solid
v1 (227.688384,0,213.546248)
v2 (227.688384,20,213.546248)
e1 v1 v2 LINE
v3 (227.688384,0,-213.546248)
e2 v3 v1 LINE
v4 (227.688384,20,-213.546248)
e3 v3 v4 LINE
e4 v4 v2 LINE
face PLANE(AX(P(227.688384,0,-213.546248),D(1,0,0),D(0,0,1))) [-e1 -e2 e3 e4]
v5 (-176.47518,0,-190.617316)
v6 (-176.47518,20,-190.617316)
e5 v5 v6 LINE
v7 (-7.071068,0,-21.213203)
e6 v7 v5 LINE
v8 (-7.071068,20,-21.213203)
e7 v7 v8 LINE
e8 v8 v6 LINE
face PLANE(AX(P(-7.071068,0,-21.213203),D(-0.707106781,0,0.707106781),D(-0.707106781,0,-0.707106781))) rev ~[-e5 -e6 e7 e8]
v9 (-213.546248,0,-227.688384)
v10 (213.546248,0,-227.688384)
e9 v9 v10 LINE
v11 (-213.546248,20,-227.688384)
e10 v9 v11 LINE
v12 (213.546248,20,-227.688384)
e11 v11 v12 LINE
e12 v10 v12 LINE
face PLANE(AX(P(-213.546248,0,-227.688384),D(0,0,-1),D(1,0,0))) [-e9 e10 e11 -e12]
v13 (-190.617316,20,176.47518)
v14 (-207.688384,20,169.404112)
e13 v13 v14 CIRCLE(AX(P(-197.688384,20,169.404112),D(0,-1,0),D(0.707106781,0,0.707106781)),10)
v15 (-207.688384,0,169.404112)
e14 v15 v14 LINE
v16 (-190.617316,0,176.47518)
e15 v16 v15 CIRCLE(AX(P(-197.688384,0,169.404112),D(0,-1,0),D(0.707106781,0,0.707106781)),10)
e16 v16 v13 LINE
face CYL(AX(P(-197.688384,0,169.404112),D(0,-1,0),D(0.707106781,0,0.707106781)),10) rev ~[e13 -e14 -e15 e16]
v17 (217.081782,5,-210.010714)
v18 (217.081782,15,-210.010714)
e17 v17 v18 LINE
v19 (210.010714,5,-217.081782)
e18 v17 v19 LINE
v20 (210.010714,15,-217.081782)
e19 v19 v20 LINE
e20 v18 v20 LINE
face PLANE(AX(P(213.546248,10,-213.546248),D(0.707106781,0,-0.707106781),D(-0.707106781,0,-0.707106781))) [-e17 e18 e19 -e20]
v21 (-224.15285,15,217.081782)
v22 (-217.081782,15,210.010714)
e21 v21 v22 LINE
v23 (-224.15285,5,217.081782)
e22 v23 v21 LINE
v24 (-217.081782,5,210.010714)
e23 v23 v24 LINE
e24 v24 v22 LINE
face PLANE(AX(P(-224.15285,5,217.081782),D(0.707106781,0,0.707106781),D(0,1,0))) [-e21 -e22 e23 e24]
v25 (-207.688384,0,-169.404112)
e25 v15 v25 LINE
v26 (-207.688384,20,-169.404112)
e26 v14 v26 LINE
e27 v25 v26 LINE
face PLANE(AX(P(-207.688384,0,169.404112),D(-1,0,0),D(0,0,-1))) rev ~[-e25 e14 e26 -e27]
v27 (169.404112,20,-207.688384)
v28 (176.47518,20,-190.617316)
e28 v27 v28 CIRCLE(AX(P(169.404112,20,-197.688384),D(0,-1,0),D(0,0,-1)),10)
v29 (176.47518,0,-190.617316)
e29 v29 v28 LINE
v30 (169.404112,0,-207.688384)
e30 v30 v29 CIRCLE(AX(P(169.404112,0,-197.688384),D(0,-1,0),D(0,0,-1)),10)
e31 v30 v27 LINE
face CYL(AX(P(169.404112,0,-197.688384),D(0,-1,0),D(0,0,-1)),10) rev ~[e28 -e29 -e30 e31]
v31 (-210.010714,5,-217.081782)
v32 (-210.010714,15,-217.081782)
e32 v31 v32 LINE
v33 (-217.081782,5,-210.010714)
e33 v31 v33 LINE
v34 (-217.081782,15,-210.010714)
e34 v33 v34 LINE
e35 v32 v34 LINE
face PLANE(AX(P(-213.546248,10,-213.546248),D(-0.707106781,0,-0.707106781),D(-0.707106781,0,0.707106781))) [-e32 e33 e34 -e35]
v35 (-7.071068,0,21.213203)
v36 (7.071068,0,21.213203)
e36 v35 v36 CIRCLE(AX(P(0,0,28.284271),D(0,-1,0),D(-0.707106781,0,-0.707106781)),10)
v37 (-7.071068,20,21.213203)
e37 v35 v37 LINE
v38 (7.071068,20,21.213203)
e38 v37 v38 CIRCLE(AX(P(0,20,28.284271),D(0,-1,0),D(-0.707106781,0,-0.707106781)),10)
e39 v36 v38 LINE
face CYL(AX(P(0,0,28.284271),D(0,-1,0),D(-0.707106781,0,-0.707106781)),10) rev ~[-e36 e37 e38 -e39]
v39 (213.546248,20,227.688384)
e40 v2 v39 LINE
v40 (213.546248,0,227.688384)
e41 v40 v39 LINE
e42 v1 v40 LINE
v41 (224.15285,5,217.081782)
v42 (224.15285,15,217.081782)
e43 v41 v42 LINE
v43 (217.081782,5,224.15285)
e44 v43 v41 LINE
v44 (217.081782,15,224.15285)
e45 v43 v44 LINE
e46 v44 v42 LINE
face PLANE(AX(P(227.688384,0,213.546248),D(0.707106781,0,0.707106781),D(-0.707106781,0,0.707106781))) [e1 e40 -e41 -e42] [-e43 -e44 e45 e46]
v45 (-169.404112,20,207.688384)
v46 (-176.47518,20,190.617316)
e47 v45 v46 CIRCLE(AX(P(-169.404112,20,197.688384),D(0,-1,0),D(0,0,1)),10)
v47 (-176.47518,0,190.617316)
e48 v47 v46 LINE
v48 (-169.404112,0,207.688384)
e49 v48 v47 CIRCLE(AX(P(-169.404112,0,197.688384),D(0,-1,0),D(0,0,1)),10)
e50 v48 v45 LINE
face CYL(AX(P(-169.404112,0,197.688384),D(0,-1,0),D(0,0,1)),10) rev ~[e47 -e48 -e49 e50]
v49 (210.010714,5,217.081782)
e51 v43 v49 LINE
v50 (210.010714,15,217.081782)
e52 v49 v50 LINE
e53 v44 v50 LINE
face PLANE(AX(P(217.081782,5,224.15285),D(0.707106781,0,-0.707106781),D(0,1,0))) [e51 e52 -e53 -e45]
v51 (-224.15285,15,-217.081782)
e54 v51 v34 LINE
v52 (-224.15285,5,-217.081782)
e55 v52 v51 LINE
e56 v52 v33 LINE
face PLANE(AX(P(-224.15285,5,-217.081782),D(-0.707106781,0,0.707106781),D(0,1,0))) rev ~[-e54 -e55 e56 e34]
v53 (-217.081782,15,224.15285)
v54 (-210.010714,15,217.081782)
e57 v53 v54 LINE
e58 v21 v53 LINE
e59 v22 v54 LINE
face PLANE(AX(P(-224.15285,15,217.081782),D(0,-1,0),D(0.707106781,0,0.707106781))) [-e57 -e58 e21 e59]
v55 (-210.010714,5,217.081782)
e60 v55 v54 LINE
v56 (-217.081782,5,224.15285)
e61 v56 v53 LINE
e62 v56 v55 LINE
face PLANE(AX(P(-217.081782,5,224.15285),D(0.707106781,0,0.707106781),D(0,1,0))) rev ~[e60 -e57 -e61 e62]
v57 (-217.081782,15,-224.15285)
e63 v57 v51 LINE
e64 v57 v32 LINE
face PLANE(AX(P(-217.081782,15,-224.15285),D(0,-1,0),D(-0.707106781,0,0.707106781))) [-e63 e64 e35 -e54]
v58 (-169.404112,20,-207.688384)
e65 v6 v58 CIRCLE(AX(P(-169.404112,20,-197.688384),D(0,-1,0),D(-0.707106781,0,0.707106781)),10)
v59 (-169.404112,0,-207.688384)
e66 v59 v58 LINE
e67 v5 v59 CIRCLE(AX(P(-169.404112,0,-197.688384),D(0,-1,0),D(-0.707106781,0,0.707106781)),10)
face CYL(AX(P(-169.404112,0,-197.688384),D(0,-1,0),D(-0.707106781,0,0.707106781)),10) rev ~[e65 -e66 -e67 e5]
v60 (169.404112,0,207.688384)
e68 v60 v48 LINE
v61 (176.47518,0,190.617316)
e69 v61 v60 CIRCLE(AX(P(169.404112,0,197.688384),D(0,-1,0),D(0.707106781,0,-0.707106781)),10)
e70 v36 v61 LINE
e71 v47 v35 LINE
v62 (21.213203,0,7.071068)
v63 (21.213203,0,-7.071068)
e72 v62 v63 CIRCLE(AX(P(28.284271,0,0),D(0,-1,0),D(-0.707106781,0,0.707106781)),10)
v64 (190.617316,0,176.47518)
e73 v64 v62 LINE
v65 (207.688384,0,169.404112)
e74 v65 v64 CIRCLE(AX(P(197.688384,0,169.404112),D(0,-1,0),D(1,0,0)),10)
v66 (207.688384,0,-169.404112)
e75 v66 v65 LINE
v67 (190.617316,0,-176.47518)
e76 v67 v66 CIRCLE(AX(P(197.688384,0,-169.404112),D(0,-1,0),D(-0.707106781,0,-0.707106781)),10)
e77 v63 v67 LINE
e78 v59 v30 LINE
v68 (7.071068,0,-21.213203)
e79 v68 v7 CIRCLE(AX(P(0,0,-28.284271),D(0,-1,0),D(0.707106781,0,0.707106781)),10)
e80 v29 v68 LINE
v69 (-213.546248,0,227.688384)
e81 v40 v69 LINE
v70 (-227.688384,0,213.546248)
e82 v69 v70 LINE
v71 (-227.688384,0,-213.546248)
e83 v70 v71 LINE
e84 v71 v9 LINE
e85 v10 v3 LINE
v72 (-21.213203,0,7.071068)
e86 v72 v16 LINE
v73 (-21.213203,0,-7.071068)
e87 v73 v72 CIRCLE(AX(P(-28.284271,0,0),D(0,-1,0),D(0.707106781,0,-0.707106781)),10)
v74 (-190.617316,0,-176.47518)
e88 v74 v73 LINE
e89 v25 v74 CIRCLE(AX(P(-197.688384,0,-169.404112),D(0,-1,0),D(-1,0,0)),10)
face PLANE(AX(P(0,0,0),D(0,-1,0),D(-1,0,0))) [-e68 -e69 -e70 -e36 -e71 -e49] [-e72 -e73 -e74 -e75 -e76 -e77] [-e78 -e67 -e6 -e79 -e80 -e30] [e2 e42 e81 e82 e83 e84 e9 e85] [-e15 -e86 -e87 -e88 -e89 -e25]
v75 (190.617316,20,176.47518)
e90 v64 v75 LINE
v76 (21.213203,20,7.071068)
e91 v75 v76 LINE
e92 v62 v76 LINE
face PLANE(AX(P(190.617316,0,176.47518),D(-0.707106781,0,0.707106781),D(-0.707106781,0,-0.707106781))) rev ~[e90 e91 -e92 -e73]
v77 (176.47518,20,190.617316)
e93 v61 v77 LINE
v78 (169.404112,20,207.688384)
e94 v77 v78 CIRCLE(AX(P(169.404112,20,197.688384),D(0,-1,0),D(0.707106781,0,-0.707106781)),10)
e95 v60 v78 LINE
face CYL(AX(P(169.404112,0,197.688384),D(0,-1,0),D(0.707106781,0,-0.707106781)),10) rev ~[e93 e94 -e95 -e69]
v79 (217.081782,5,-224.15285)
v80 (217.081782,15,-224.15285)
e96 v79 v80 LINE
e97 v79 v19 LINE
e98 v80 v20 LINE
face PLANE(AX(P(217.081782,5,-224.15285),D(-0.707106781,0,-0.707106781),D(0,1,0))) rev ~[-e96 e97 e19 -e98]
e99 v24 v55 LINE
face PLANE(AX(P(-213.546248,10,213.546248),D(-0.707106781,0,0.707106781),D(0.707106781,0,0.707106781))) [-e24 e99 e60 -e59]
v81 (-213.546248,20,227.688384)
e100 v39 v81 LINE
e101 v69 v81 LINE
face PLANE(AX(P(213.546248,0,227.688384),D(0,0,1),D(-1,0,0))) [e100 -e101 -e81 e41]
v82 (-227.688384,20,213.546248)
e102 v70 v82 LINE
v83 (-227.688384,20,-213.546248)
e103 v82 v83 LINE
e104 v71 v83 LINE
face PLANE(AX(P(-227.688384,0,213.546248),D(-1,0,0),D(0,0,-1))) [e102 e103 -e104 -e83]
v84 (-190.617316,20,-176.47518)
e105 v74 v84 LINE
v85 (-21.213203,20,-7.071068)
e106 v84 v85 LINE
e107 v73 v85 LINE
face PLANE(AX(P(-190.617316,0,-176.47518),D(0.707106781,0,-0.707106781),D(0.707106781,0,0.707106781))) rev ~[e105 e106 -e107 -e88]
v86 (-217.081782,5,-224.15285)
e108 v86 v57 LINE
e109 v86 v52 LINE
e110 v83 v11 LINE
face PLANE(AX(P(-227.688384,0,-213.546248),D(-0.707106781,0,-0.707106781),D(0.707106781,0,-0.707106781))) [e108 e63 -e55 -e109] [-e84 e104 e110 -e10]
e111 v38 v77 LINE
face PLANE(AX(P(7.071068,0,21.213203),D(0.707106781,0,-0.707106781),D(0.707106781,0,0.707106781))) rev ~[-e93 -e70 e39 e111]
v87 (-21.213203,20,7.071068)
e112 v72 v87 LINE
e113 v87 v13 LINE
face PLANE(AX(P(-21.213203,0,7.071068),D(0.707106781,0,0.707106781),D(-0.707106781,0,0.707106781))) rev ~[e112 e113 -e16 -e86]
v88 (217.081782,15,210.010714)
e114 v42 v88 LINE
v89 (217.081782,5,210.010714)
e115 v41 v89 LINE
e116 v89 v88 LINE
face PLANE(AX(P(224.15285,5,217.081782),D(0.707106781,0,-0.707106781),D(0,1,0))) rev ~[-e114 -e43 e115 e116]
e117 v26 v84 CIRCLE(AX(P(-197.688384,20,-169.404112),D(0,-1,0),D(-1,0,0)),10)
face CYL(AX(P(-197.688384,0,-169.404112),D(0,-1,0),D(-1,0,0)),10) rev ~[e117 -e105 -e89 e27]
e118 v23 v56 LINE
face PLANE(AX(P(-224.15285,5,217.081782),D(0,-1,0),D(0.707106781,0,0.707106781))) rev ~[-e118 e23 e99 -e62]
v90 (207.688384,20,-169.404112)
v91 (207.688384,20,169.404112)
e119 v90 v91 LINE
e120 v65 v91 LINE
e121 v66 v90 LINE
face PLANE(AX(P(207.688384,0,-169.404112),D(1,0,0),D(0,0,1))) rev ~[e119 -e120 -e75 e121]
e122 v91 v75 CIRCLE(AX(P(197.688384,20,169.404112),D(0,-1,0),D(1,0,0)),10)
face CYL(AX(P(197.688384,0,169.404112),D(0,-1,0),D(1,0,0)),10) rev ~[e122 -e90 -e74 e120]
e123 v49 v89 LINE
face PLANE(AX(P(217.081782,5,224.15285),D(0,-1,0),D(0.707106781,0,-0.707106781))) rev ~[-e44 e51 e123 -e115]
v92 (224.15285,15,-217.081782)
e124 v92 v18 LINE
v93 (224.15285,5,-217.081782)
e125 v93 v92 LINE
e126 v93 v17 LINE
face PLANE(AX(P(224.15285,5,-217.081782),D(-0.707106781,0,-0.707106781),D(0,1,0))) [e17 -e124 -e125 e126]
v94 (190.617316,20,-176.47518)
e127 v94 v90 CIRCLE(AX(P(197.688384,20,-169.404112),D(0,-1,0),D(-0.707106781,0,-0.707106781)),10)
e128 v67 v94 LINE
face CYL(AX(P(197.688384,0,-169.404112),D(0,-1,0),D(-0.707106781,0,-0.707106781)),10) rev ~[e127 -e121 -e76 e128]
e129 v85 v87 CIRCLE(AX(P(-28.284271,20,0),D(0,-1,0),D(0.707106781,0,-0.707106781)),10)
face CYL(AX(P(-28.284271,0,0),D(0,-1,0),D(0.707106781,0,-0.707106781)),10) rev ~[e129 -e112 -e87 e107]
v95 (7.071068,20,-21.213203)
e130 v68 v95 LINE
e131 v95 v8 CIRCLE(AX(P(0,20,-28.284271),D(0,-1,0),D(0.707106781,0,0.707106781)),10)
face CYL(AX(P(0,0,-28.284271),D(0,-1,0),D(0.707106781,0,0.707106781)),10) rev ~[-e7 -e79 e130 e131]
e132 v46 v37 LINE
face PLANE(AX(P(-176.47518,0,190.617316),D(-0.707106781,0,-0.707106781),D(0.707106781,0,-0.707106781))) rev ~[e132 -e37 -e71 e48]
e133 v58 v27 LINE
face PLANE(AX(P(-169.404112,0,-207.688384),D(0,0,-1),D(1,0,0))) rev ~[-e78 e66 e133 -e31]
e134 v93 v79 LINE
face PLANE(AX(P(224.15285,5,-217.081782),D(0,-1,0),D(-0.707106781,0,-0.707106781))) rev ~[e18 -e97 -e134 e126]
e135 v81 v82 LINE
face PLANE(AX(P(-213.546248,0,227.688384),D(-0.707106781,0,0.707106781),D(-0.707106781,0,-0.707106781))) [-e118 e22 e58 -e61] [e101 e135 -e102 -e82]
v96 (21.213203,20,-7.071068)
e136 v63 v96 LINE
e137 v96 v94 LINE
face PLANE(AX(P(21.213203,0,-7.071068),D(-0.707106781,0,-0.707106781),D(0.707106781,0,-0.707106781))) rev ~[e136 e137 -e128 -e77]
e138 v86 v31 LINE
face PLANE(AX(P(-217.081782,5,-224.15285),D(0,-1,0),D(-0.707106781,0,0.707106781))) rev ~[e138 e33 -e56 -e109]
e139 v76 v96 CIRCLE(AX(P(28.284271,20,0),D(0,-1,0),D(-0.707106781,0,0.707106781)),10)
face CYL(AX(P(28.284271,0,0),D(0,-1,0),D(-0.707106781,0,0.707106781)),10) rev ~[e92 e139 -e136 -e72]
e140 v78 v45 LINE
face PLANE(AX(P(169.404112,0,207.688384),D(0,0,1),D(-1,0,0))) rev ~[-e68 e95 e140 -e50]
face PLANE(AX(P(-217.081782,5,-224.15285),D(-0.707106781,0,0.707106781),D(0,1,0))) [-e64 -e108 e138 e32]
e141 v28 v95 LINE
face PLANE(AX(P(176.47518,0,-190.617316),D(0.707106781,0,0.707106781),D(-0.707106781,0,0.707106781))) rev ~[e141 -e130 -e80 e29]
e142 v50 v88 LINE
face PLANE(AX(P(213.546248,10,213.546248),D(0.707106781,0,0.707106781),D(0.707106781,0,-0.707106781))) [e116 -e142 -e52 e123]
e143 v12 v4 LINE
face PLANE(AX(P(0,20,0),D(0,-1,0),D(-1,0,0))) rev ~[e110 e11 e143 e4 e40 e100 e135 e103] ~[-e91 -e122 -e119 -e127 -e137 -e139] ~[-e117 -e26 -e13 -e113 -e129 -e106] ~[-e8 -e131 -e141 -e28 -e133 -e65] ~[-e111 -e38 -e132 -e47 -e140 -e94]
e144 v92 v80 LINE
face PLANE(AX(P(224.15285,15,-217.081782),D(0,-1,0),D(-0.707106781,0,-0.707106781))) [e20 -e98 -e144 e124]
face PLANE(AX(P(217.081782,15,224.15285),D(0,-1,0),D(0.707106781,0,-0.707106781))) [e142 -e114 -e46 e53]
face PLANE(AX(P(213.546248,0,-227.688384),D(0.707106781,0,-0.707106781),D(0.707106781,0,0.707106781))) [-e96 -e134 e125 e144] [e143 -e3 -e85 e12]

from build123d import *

# Parameters (mm, degrees)
BOSS_EXTRUDE1_DEPTH = 20
SKETCH3_W           = 10
SKETCH3_H           = 10
CUT_EXTRUDE1_DEPTH  = 10
CIRPATTERN1_COUNT   = 4


with BuildPart() as part:
    # Sketch1 → Boss-Extrude1 (new body)
    with BuildSketch(Plane(origin=(0, 0, 0), x_dir=(1, 0, 0), z_dir=(0, 1, 0))):
        Polygon((213.546247918, 227.688383542), (227.688383542, 213.546247918), (227.688383542, -213.546247918), (213.546247918, -227.688383542), (-213.546247918, -227.688383542), (-227.688383542, -213.546247918), (-227.688383542, 213.546247918), (-213.546247918, 227.688383542), align=None)
        with BuildLine():
            Line((21.213203436, 7.071067812), (190.61731573, 176.475180106))
            ThreePointArc((190.61731573, 176.475180106), (201.515217866, 178.64290762), (207.688383542, 169.404112295))
            Line((207.688383542, 169.404112295), (207.688383542, -169.404112295))
            ThreePointArc((207.688383542, -169.404112295), (201.515217866, -178.64290762), (190.61731573, -176.475180106))
            Line((190.61731573, -176.475180106), (21.213203436, -7.071067812))
            ThreePointArc((21.213203436, -7.071067812), (18.284271247, 0), (21.213203436, 7.071067812))
        make_face(mode=Mode.SUBTRACT)
        with BuildLine():
            Line((7.071067812, -21.213203436), (176.475180106, -190.61731573))
            ThreePointArc((176.475180106, -190.61731573), (178.64290762, -201.515217866), (169.404112295, -207.688383542))
            Line((169.404112295, -207.688383542), (-169.404112295, -207.688383542))
            ThreePointArc((-169.404112295, -207.688383542), (-178.64290762, -201.515217866), (-176.475180106, -190.61731573))
            Line((-176.475180106, -190.61731573), (-7.071067812, -21.213203436))
            ThreePointArc((-7.071067812, -21.213203436), (0, -18.284271247), (7.071067812, -21.213203436))
        make_face(mode=Mode.SUBTRACT)
        with BuildLine():
            Line((-21.213203436, -7.071067812), (-190.61731573, -176.475180106))
            ThreePointArc((-190.61731573, -176.475180106), (-201.515217866, -178.64290762), (-207.688383542, -169.404112295))
            Line((-207.688383542, -169.404112295), (-207.688383542, 169.404112295))
            ThreePointArc((-207.688383542, 169.404112295), (-201.515217866, 178.64290762), (-190.61731573, 176.475180106))
            Line((-190.61731573, 176.475180106), (-21.213203436, 7.071067812))
            ThreePointArc((-21.213203436, 7.071067812), (-18.284271247, 0), (-21.213203436, -7.071067812))
        make_face(mode=Mode.SUBTRACT)
        with BuildLine():
            Line((-7.071067812, 21.213203436), (-176.475180106, 190.61731573))
            ThreePointArc((-176.475180106, 190.61731573), (-178.64290762, 201.515217866), (-169.404112295, 207.688383542))
            Line((-169.404112295, 207.688383542), (169.404112295, 207.688383542))
            ThreePointArc((169.404112295, 207.688383542), (178.64290762, 201.515217866), (176.475180106, 190.61731573))
            Line((176.475180106, 190.61731573), (7.071067812, 21.213203436))
            ThreePointArc((7.071067812, 21.213203436), (0, 18.284271247), (-7.071067812, 21.213203436))
        make_face(mode=Mode.SUBTRACT)
    extrude(amount=BOSS_EXTRUDE1_DEPTH)

    # Sketch3 → Cut-Extrude1 (cut)
    with BuildSketch(Plane(origin=(220.61731573, 0, -220.61731573), x_dir=(-0.7071067811865545, 0, -0.7071067811865407), z_dir=(0.7071067811865407, 0, -0.7071067811865545))):
        with Locations((0, 10)):
            Rectangle(SKETCH3_W, SKETCH3_H)
    cut_extrude1 = extrude(amount=-CUT_EXTRUDE1_DEPTH, mode=Mode.SUBTRACT)

    # CirPattern1: Cut-Extrude1 ×4 about axis
    cirpattern1_axis = Axis((0, -1, 0), (0, 1, 0))
    for i in range(1, CIRPATTERN1_COUNT):
        add(cut_extrude1.rotate(cirpattern1_axis, i * 360 / CIRPATTERN1_COUNT), mode=Mode.SUBTRACT)


solid = part.part
